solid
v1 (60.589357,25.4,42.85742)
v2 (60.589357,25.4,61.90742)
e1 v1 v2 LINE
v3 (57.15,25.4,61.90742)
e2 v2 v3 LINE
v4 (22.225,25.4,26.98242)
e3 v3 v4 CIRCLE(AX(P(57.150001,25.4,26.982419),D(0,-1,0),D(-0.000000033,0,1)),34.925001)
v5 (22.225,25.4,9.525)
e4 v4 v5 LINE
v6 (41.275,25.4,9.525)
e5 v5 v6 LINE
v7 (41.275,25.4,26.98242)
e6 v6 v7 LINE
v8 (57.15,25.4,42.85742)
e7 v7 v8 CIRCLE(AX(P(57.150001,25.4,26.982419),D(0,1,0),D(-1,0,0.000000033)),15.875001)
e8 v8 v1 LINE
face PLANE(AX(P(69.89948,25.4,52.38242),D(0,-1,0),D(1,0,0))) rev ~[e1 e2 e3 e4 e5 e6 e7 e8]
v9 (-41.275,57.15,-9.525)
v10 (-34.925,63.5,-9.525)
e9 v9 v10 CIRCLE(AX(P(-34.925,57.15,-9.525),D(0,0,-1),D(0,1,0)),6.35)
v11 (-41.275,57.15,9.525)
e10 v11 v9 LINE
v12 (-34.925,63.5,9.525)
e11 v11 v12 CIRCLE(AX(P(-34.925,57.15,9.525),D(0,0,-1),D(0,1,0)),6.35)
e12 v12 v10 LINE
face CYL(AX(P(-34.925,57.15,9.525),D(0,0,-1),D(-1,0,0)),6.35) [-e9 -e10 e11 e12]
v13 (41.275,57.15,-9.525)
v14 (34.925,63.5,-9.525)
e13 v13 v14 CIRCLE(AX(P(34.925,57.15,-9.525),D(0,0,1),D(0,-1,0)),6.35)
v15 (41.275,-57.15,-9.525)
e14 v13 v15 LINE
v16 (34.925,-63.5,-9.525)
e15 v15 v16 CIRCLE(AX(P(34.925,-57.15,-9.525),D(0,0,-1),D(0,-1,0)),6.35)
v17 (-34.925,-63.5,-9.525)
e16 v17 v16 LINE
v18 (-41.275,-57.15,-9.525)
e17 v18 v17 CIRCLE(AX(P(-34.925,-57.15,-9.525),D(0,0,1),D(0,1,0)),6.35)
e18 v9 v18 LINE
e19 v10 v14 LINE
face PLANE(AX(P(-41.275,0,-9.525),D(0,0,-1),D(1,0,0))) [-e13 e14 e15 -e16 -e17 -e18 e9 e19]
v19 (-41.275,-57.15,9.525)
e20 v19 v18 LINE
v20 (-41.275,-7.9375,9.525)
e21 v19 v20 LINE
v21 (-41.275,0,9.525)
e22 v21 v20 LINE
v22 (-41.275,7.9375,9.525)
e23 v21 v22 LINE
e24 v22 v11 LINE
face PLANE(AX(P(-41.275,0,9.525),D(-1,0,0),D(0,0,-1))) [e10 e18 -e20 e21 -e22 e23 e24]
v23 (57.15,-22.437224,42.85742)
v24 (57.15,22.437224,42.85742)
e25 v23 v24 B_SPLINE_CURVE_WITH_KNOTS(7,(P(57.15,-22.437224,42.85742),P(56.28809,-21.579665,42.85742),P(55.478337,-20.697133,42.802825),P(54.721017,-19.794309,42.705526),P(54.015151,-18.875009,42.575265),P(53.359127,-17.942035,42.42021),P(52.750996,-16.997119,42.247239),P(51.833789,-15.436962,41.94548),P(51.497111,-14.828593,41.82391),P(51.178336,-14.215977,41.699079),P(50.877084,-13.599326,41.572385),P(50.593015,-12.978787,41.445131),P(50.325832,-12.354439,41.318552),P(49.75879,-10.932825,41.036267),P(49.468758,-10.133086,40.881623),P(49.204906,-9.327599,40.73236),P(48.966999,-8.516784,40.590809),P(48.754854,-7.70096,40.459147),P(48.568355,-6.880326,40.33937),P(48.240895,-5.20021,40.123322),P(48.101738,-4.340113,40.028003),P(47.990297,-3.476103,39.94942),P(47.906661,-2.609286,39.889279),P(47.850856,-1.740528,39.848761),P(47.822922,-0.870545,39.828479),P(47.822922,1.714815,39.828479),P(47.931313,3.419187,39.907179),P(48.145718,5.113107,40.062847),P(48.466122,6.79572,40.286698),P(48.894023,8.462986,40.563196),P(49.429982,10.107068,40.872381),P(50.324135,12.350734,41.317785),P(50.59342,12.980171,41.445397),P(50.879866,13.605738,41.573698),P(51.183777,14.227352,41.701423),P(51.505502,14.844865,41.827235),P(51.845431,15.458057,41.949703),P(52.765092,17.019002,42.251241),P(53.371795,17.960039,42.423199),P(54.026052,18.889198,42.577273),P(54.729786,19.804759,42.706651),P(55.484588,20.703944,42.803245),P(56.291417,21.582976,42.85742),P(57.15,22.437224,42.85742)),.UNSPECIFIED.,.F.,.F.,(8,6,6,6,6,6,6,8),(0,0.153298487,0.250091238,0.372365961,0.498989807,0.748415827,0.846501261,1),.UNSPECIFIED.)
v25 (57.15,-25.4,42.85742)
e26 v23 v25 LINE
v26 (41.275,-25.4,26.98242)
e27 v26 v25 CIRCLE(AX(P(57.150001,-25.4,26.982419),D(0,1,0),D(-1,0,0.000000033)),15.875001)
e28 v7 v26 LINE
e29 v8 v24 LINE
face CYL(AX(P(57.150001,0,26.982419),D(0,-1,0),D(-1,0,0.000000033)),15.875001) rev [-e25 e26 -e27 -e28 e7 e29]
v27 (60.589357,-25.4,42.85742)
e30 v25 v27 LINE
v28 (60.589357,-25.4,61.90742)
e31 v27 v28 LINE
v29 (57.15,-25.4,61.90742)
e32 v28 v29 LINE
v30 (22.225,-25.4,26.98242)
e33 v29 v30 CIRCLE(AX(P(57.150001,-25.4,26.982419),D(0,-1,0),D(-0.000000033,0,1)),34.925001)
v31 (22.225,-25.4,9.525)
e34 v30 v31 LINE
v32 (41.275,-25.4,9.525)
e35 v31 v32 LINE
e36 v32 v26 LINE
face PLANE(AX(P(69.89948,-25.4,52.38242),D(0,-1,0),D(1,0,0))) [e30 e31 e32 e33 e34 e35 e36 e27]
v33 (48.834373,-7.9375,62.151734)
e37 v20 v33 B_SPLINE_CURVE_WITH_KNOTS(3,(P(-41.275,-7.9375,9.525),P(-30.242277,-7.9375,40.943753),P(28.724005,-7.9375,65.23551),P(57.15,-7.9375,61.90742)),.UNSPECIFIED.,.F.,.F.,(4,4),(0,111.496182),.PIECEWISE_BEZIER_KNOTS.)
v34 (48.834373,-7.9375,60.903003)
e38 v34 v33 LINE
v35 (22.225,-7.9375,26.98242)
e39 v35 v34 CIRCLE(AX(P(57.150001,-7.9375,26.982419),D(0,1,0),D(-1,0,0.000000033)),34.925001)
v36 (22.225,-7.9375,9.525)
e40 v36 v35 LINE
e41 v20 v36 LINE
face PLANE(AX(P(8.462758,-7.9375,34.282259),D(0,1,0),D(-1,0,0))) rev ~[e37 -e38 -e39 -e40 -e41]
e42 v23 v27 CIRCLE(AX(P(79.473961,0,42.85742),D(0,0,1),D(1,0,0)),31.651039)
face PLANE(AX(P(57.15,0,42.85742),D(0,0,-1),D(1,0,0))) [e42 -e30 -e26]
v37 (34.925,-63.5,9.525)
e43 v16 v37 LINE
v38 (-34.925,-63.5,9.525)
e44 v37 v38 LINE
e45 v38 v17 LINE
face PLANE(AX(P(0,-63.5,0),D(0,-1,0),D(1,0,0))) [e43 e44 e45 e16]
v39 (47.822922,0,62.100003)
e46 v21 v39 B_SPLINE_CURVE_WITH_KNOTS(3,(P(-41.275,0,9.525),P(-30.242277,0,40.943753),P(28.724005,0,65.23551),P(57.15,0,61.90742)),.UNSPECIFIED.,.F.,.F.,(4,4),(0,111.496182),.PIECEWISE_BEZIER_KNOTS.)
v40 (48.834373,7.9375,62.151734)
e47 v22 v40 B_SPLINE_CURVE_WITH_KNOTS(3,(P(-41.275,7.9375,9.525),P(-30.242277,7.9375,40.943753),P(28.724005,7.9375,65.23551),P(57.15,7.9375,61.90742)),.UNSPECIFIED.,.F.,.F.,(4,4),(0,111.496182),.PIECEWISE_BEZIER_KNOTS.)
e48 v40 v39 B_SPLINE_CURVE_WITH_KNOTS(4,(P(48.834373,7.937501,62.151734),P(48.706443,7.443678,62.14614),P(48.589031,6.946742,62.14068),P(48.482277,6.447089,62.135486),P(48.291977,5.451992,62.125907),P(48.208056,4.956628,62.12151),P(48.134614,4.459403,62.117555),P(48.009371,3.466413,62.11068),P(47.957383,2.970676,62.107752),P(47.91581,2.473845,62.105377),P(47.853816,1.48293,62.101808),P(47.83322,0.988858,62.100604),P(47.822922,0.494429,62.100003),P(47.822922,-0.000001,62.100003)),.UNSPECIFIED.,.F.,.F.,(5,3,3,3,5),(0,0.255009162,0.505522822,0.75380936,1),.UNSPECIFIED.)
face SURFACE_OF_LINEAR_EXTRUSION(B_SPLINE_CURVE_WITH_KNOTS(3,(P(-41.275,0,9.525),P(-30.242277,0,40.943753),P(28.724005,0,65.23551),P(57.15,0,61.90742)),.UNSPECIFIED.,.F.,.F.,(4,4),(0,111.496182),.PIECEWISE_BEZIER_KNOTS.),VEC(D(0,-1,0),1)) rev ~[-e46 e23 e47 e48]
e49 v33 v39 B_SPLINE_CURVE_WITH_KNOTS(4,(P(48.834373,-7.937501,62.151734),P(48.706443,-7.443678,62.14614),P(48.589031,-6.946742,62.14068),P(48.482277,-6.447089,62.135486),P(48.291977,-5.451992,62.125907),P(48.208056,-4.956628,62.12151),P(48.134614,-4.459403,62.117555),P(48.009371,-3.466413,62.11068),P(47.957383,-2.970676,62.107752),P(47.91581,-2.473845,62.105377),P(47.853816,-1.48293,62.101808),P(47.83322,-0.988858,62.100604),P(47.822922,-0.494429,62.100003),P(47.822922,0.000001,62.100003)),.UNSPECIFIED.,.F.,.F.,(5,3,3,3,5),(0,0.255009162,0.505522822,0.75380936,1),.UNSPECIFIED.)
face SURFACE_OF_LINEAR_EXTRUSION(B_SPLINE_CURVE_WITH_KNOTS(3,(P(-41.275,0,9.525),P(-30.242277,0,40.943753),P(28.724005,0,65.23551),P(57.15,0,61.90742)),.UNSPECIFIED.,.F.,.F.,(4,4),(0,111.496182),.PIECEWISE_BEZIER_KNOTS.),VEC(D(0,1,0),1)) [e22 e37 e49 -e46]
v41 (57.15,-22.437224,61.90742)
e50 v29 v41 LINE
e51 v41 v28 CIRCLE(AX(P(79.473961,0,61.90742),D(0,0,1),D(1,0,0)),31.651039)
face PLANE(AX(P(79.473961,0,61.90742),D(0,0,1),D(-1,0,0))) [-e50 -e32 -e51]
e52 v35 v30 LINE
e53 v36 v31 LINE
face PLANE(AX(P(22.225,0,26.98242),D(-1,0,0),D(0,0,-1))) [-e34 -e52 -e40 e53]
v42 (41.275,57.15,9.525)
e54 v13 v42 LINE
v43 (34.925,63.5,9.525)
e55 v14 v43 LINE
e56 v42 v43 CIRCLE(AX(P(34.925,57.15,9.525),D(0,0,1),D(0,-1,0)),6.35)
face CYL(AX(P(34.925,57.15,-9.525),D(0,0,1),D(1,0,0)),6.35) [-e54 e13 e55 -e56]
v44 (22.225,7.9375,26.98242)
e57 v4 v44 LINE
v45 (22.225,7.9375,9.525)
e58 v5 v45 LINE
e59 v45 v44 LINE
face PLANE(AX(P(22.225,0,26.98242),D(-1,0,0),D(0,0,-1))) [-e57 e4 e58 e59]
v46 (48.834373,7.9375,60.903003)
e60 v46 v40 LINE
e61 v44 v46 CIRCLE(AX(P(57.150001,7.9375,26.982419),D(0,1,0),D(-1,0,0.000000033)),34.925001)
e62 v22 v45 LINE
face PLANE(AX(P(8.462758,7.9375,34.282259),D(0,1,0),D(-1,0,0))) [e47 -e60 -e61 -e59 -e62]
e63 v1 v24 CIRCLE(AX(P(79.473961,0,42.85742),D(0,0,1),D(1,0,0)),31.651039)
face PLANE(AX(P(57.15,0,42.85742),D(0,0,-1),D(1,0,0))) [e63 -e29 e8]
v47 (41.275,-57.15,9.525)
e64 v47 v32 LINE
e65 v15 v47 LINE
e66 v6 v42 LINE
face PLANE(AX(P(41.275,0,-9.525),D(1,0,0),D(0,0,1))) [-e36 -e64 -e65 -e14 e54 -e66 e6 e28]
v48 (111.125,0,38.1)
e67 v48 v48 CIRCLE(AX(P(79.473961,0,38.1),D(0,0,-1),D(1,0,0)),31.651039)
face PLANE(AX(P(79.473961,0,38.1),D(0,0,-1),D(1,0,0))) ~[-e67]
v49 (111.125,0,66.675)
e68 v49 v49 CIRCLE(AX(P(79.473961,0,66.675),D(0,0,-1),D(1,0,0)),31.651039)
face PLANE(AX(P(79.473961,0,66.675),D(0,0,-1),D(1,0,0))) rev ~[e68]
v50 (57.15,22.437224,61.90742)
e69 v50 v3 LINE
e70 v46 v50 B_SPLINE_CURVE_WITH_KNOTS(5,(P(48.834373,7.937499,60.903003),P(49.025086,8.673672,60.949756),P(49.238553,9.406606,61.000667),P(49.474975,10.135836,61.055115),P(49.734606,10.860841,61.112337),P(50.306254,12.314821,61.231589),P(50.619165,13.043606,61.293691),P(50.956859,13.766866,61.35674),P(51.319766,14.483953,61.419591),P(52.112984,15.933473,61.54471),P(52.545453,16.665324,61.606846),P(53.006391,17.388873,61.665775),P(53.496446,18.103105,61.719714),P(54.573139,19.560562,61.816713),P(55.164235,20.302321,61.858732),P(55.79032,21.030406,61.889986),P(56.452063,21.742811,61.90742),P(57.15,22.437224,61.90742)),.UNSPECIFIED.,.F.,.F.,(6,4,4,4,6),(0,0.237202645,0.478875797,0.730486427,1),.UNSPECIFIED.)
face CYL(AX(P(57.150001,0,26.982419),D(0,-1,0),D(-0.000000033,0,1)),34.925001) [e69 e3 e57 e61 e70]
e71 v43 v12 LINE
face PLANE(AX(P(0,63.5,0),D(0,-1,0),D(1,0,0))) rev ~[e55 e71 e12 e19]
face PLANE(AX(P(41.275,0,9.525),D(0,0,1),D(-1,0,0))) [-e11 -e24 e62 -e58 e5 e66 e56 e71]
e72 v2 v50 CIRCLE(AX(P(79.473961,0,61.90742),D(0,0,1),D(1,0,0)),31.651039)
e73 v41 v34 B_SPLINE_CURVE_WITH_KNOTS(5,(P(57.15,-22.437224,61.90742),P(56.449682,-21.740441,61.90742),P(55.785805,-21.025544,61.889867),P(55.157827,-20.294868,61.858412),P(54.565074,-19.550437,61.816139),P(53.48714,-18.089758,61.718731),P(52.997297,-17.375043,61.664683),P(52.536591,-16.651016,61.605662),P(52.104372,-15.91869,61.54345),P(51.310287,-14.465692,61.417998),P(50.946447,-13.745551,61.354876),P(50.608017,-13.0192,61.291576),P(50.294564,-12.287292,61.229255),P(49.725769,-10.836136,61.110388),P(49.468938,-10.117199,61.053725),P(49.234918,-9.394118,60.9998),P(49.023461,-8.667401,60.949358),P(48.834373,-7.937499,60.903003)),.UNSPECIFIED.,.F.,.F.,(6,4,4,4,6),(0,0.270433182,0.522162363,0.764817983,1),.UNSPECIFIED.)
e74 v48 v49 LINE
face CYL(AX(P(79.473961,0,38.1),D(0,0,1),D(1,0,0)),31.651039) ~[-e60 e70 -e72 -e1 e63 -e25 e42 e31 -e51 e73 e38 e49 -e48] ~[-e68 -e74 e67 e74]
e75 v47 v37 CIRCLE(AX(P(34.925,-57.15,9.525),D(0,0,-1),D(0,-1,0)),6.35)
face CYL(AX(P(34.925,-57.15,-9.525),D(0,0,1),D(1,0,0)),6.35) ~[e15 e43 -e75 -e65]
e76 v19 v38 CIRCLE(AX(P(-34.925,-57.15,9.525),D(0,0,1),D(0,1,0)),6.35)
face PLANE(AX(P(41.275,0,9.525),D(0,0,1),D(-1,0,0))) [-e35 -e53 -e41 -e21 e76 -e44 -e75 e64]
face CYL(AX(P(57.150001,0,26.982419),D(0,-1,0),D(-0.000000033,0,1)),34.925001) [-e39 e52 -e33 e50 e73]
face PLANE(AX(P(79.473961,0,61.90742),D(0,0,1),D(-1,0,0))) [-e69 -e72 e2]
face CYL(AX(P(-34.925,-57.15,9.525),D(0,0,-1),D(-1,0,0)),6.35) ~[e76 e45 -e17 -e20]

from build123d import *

# Parameters (mm, degrees)
F1_DEPTH = 63.5
F0_W     = 19.148961
F0_H     = 19.05
F2_DEPTH = 25.4
F3_DEPTH = 7.9375
F5_R     = 6.35


with BuildPart() as f1:
    # F0 (on Front) → F1 (new body, symmetric)
    with BuildSketch(Plane.XZ):
        Polygon((22.225, 9.525), (-41.275, 9.525), (-41.275, -9.525), (41.275, -9.525), (41.275, 9.525), align=None)
    extrude(amount=F1_DEPTH, both=True)

    # F0 (on Front) → F2 (join, symmetric)
    with BuildSketch(Plane.XZ):
        with Locations((69.89948, 52.38242)):
            Rectangle(F0_W, F0_H)
        with BuildLine():
            Line((22.225, 26.98242), (22.225, 9.525))
            Line((22.225, 9.525), (41.275, 9.525))
            Line((41.275, 9.525), (41.275, 26.98242))
            ThreePointArc((41.275, 26.98242), (45.92468, 38.20774), (57.15, 42.85742))
            Line((57.15, 42.85742), (60.325, 42.85742))
            Line((60.325, 42.85742), (60.325, 61.90742))
            Line((60.325, 61.90742), (57.15, 61.90742))
            ThreePointArc((57.15, 61.90742), (32.454296, 51.678124), (22.225, 26.98242))
        make_face()
    extrude(amount=F2_DEPTH, both=True)

    # F0 (on Front) → F3 (join, symmetric)
    with BuildSketch(Plane.XZ):
        with BuildLine():
            add(Edge.make_bspline(
                [(-41.275, 9.525), (-30.242277, 40.943753), (28.724005, 65.23551), (57.15, 61.90742)],
                knots=[0, 0, 0, 0, 111.496182, 111.496182, 111.496182, 111.496182], degree=3))
            Line((-41.275, 9.525), (22.225, 9.525))
            Line((22.225, 9.525), (22.225, 26.98242))
            ThreePointArc((22.225, 26.98242), (32.454296, 51.678124), (57.15, 61.90742))
        make_face()
    extrude(amount=F3_DEPTH, both=True)

    # F0 (on Front) → F4 (revolve)
    with BuildSketch(Plane.XZ):
        Polygon((79.473961, 66.675), (79.473961, 61.90742), (79.473961, 42.85742), (79.473961, 38.1), (111.125, 38.1), (111.125, 66.675), align=None)
    revolve(axis=Axis((79.473961, 0, 52.38242), (0, 0, -1)))

    # F5
    f5_edges = [f1.edges().sort_by_distance(p)[0] for p in [
        (-41.275, -63.5, 0),
        (41.275, -63.5, 0),
        (-41.275, 63.5, 0),
        (41.275, 63.5, 0),
    ]]
    fillet(f5_edges, radius=F5_R)


solid = f1.part
